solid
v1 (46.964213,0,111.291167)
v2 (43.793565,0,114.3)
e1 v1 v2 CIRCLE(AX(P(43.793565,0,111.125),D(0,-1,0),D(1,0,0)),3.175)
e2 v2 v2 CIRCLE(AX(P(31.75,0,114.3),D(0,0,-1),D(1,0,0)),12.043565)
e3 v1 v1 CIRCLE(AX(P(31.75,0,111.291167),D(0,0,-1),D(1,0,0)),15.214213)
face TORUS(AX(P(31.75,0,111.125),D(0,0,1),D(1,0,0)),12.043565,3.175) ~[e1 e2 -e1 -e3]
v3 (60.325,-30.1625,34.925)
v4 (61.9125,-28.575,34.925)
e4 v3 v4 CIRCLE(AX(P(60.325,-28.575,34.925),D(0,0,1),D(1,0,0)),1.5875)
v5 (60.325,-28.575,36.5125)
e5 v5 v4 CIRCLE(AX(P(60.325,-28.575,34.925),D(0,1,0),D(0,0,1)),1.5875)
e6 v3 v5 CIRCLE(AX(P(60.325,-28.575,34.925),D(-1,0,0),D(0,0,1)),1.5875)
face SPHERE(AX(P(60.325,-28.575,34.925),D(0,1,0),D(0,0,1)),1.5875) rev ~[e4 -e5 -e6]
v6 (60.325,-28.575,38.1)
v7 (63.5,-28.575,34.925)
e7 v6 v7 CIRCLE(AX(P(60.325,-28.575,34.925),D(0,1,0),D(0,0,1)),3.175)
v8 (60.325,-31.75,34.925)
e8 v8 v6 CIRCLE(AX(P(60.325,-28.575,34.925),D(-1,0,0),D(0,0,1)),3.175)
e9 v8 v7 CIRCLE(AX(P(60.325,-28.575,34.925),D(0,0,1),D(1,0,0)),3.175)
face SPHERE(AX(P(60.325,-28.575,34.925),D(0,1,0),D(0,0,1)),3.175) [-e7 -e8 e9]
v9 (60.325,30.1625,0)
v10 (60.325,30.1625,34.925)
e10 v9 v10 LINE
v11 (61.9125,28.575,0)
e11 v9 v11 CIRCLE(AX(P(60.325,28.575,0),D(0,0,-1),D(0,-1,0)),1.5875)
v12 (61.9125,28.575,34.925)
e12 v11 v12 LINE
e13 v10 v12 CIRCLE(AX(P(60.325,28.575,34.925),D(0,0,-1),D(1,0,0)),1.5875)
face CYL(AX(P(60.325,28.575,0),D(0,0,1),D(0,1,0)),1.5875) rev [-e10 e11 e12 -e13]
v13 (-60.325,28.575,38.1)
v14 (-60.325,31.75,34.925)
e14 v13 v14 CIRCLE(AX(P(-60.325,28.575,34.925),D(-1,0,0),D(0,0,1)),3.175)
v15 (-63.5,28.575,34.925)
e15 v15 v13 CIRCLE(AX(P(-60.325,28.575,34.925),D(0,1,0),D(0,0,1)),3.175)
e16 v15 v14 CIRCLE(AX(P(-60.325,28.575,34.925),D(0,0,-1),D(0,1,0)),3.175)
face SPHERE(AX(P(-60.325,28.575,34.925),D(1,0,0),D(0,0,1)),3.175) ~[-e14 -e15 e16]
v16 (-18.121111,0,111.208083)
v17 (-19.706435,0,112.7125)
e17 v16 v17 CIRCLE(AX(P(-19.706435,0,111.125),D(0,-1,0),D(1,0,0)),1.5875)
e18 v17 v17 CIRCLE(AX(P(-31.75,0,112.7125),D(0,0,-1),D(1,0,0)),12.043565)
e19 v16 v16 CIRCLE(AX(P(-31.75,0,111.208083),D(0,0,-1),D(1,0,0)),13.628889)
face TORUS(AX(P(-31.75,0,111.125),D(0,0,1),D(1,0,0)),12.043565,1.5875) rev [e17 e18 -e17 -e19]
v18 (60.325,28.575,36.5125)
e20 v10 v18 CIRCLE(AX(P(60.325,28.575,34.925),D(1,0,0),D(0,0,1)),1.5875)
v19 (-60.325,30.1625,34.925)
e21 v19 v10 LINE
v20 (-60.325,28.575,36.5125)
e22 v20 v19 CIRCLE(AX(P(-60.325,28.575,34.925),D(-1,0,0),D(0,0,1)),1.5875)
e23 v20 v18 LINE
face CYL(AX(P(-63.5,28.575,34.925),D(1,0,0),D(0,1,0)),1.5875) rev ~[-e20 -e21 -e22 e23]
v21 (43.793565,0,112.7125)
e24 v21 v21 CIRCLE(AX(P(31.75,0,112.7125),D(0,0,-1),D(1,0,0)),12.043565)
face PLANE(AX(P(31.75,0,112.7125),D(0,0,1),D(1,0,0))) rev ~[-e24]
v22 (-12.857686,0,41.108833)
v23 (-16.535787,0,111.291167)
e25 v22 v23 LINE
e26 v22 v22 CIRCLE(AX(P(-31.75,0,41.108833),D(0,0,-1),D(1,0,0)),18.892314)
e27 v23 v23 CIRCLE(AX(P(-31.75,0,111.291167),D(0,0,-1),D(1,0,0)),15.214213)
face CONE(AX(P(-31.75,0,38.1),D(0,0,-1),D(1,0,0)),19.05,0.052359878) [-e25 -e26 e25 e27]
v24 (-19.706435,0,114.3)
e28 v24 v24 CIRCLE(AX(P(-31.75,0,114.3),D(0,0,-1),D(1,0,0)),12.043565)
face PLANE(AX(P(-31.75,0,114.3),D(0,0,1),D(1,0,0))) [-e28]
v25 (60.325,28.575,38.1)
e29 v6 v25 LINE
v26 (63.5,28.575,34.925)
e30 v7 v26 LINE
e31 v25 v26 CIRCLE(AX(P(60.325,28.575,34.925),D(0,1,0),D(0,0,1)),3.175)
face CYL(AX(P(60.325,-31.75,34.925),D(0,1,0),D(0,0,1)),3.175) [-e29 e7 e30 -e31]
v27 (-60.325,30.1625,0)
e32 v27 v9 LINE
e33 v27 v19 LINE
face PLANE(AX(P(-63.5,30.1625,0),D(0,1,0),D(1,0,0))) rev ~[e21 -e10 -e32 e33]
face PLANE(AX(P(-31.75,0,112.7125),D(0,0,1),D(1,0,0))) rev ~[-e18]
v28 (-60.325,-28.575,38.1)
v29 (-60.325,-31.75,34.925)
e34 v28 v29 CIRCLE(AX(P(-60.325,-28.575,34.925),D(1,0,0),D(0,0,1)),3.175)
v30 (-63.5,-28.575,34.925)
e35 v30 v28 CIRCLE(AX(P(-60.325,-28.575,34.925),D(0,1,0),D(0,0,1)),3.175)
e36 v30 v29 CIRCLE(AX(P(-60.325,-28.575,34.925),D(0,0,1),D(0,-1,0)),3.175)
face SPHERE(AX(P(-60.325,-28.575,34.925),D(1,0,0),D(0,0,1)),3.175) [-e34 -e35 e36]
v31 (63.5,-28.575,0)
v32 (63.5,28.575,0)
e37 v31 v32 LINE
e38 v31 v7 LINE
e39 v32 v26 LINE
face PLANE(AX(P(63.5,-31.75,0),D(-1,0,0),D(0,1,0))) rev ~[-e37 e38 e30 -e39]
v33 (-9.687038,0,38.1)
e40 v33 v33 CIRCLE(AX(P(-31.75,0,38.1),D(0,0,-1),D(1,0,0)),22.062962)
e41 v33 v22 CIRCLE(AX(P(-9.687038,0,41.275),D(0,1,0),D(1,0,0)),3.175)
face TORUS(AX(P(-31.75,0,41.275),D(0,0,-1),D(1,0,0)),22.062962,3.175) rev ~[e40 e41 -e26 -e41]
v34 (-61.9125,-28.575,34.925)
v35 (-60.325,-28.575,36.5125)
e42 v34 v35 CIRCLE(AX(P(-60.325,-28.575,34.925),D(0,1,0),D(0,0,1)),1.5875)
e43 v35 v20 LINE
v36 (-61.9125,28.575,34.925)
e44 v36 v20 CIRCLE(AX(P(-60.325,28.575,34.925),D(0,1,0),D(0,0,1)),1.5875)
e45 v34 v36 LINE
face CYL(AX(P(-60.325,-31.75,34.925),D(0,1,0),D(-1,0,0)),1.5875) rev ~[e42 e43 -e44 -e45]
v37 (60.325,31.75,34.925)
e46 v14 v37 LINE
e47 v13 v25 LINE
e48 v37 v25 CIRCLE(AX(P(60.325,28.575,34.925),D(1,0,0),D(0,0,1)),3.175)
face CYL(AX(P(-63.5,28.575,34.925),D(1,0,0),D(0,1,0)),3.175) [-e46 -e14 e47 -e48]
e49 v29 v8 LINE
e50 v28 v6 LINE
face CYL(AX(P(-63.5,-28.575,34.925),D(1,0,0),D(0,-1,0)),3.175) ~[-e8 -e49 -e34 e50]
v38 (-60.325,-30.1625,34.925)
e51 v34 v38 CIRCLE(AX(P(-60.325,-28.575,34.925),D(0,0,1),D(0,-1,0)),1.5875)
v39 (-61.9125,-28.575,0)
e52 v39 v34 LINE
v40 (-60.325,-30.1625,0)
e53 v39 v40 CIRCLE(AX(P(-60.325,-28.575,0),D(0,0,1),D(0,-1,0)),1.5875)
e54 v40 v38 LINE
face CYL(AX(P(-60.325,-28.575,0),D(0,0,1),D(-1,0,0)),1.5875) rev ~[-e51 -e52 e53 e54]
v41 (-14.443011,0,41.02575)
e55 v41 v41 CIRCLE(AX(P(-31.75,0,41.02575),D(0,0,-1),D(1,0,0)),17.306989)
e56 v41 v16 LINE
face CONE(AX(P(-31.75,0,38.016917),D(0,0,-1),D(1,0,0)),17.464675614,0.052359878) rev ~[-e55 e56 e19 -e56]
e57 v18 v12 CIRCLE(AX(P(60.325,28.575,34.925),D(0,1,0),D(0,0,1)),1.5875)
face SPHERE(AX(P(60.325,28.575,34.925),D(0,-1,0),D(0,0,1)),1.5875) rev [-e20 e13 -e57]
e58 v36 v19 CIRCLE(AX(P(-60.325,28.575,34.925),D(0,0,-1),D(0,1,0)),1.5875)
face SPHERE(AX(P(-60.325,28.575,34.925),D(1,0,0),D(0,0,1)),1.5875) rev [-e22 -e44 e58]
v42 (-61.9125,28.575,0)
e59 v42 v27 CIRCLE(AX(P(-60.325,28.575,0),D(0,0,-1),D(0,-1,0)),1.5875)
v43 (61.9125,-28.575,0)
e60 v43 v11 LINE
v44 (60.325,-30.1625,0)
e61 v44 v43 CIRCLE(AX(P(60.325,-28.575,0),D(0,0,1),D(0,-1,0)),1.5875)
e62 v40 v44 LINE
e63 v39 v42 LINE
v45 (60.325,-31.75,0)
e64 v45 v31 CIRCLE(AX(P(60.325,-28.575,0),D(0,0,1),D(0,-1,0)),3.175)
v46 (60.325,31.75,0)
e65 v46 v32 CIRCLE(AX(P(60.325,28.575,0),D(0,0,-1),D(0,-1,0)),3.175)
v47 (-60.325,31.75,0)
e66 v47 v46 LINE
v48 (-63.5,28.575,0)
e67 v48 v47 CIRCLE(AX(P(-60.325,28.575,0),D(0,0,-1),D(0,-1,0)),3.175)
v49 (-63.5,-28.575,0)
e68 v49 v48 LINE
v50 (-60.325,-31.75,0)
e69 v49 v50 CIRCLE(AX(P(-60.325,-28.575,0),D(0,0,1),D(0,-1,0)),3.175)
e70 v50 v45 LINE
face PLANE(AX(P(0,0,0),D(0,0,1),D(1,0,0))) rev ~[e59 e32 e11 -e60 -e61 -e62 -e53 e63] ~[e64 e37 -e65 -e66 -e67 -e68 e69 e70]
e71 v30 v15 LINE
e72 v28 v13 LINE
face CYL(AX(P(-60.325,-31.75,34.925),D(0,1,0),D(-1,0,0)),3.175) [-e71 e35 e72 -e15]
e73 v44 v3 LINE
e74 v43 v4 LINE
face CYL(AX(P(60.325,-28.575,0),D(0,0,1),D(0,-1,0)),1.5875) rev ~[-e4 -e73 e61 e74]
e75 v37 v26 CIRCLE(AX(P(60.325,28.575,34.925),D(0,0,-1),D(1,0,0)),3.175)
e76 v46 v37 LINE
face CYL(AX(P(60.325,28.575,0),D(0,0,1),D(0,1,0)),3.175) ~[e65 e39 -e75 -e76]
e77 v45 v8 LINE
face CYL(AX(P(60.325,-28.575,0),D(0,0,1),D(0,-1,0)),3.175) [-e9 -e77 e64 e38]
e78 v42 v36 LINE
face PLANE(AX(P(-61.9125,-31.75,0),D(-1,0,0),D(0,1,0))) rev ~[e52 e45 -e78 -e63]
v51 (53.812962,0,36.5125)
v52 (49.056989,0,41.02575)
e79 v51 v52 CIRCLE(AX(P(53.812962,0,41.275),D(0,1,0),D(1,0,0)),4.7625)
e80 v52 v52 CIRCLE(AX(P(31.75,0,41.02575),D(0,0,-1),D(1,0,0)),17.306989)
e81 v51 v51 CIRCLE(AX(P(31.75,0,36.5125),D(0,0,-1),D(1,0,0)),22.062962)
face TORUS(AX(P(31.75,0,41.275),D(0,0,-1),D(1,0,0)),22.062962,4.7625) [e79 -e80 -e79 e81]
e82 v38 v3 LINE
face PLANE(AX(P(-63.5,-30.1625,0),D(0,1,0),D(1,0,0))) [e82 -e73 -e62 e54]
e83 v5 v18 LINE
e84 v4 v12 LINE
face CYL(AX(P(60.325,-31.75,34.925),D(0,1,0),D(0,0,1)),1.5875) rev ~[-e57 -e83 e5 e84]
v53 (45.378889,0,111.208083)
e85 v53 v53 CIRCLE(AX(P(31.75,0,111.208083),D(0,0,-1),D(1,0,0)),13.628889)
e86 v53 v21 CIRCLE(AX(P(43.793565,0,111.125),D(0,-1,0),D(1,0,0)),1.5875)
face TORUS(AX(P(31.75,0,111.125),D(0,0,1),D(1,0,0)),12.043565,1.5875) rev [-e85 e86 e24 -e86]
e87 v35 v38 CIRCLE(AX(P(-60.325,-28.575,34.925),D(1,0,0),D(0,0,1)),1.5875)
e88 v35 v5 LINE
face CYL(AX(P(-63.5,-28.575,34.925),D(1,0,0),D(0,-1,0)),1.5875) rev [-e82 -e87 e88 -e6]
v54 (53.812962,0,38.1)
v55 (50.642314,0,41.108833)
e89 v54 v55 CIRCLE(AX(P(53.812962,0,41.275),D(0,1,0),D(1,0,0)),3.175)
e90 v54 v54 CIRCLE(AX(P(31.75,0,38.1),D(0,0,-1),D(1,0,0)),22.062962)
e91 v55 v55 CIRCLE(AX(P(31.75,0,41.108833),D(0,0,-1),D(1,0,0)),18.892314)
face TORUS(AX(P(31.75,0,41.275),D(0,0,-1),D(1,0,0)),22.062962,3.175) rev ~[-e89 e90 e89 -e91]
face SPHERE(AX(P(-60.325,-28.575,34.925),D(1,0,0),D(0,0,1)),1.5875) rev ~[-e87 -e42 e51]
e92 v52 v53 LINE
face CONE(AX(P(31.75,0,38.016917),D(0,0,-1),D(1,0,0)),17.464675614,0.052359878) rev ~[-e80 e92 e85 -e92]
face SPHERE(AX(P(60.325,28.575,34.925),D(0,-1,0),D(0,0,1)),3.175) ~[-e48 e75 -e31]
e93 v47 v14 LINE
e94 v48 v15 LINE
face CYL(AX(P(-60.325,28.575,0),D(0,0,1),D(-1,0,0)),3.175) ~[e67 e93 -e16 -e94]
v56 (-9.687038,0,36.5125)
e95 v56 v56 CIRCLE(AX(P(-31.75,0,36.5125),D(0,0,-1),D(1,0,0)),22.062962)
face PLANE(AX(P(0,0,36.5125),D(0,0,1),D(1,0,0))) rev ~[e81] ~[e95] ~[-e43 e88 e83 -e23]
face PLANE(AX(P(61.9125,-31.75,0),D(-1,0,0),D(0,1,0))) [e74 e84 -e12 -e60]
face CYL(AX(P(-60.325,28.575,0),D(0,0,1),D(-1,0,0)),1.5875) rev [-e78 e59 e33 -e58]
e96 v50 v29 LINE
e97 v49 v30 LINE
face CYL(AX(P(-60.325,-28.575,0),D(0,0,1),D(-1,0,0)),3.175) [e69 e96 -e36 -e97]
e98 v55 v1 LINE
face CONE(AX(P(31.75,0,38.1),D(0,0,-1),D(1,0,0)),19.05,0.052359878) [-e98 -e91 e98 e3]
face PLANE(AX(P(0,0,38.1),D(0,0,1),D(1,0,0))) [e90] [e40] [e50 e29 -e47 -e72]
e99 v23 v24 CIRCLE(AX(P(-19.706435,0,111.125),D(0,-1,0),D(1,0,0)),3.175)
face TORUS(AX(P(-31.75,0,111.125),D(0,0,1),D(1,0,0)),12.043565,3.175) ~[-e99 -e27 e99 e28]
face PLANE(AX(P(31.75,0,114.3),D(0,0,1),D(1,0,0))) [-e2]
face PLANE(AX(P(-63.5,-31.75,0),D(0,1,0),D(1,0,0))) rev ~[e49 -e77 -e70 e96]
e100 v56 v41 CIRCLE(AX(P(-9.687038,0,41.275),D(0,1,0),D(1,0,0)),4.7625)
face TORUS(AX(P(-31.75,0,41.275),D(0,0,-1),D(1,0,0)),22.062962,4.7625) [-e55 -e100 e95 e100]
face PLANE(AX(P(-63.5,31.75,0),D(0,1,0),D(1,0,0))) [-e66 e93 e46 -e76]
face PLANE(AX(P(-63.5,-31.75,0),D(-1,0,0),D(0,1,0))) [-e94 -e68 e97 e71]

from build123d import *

# Parameters (mm, degrees)
F0_W     = 127
F0_H     = 63.5
F1_DEPTH = 38.1
F5_R     = 19.05
F2_DEPTH = 76.2
F2_TAPER = 3
F3_R     = 3.175
F4_T     = -1.5875


with BuildPart() as f1:
    # F0 (on Top) → F1 (new body)
    with BuildSketch(Plane.XY):
        Rectangle(F0_W, F0_H)
    extrude(amount=F1_DEPTH)

    # F5 (on face) → F2 (join)
    with BuildSketch(Plane.XY.offset(38.1)):
        with Locations((-31.75, 0)):
            Circle(F5_R)
        with Locations((31.75, 0)):
            Circle(F5_R)
    extrude(amount=F2_DEPTH, taper=F2_TAPER)

    # F3
    f3_edges = [f1.edges().sort_by_distance(p)[0] for p in [
        (12.7, 0, 38.1),
        (48.803264, 0, 76.2),
        (16.693473, 0, 114.3),
        (-50.8, 0, 38.1),
        (-14.696736, 0, 76.2),
        (-46.806527, 0, 114.3),
        (63.5, 0, 38.1),
        (0, -31.75, 38.1),
        (0, 31.75, 38.1),
        (-63.5, 0, 38.1),
        (-63.5, -31.75, 19.05),
        (-63.5, 31.75, 19.05),
        (63.5, 31.75, 19.05),
        (63.5, -31.75, 19.05),
    ]]
    fillet(f3_edges, radius=F3_R)

    # F4
    f4_openings = [f1.faces().sort_by_distance(p)[0] for p in [
        (0, 0, 0),
    ]]
    offset(amount=F4_T, openings=f4_openings)


solid = f1.part
